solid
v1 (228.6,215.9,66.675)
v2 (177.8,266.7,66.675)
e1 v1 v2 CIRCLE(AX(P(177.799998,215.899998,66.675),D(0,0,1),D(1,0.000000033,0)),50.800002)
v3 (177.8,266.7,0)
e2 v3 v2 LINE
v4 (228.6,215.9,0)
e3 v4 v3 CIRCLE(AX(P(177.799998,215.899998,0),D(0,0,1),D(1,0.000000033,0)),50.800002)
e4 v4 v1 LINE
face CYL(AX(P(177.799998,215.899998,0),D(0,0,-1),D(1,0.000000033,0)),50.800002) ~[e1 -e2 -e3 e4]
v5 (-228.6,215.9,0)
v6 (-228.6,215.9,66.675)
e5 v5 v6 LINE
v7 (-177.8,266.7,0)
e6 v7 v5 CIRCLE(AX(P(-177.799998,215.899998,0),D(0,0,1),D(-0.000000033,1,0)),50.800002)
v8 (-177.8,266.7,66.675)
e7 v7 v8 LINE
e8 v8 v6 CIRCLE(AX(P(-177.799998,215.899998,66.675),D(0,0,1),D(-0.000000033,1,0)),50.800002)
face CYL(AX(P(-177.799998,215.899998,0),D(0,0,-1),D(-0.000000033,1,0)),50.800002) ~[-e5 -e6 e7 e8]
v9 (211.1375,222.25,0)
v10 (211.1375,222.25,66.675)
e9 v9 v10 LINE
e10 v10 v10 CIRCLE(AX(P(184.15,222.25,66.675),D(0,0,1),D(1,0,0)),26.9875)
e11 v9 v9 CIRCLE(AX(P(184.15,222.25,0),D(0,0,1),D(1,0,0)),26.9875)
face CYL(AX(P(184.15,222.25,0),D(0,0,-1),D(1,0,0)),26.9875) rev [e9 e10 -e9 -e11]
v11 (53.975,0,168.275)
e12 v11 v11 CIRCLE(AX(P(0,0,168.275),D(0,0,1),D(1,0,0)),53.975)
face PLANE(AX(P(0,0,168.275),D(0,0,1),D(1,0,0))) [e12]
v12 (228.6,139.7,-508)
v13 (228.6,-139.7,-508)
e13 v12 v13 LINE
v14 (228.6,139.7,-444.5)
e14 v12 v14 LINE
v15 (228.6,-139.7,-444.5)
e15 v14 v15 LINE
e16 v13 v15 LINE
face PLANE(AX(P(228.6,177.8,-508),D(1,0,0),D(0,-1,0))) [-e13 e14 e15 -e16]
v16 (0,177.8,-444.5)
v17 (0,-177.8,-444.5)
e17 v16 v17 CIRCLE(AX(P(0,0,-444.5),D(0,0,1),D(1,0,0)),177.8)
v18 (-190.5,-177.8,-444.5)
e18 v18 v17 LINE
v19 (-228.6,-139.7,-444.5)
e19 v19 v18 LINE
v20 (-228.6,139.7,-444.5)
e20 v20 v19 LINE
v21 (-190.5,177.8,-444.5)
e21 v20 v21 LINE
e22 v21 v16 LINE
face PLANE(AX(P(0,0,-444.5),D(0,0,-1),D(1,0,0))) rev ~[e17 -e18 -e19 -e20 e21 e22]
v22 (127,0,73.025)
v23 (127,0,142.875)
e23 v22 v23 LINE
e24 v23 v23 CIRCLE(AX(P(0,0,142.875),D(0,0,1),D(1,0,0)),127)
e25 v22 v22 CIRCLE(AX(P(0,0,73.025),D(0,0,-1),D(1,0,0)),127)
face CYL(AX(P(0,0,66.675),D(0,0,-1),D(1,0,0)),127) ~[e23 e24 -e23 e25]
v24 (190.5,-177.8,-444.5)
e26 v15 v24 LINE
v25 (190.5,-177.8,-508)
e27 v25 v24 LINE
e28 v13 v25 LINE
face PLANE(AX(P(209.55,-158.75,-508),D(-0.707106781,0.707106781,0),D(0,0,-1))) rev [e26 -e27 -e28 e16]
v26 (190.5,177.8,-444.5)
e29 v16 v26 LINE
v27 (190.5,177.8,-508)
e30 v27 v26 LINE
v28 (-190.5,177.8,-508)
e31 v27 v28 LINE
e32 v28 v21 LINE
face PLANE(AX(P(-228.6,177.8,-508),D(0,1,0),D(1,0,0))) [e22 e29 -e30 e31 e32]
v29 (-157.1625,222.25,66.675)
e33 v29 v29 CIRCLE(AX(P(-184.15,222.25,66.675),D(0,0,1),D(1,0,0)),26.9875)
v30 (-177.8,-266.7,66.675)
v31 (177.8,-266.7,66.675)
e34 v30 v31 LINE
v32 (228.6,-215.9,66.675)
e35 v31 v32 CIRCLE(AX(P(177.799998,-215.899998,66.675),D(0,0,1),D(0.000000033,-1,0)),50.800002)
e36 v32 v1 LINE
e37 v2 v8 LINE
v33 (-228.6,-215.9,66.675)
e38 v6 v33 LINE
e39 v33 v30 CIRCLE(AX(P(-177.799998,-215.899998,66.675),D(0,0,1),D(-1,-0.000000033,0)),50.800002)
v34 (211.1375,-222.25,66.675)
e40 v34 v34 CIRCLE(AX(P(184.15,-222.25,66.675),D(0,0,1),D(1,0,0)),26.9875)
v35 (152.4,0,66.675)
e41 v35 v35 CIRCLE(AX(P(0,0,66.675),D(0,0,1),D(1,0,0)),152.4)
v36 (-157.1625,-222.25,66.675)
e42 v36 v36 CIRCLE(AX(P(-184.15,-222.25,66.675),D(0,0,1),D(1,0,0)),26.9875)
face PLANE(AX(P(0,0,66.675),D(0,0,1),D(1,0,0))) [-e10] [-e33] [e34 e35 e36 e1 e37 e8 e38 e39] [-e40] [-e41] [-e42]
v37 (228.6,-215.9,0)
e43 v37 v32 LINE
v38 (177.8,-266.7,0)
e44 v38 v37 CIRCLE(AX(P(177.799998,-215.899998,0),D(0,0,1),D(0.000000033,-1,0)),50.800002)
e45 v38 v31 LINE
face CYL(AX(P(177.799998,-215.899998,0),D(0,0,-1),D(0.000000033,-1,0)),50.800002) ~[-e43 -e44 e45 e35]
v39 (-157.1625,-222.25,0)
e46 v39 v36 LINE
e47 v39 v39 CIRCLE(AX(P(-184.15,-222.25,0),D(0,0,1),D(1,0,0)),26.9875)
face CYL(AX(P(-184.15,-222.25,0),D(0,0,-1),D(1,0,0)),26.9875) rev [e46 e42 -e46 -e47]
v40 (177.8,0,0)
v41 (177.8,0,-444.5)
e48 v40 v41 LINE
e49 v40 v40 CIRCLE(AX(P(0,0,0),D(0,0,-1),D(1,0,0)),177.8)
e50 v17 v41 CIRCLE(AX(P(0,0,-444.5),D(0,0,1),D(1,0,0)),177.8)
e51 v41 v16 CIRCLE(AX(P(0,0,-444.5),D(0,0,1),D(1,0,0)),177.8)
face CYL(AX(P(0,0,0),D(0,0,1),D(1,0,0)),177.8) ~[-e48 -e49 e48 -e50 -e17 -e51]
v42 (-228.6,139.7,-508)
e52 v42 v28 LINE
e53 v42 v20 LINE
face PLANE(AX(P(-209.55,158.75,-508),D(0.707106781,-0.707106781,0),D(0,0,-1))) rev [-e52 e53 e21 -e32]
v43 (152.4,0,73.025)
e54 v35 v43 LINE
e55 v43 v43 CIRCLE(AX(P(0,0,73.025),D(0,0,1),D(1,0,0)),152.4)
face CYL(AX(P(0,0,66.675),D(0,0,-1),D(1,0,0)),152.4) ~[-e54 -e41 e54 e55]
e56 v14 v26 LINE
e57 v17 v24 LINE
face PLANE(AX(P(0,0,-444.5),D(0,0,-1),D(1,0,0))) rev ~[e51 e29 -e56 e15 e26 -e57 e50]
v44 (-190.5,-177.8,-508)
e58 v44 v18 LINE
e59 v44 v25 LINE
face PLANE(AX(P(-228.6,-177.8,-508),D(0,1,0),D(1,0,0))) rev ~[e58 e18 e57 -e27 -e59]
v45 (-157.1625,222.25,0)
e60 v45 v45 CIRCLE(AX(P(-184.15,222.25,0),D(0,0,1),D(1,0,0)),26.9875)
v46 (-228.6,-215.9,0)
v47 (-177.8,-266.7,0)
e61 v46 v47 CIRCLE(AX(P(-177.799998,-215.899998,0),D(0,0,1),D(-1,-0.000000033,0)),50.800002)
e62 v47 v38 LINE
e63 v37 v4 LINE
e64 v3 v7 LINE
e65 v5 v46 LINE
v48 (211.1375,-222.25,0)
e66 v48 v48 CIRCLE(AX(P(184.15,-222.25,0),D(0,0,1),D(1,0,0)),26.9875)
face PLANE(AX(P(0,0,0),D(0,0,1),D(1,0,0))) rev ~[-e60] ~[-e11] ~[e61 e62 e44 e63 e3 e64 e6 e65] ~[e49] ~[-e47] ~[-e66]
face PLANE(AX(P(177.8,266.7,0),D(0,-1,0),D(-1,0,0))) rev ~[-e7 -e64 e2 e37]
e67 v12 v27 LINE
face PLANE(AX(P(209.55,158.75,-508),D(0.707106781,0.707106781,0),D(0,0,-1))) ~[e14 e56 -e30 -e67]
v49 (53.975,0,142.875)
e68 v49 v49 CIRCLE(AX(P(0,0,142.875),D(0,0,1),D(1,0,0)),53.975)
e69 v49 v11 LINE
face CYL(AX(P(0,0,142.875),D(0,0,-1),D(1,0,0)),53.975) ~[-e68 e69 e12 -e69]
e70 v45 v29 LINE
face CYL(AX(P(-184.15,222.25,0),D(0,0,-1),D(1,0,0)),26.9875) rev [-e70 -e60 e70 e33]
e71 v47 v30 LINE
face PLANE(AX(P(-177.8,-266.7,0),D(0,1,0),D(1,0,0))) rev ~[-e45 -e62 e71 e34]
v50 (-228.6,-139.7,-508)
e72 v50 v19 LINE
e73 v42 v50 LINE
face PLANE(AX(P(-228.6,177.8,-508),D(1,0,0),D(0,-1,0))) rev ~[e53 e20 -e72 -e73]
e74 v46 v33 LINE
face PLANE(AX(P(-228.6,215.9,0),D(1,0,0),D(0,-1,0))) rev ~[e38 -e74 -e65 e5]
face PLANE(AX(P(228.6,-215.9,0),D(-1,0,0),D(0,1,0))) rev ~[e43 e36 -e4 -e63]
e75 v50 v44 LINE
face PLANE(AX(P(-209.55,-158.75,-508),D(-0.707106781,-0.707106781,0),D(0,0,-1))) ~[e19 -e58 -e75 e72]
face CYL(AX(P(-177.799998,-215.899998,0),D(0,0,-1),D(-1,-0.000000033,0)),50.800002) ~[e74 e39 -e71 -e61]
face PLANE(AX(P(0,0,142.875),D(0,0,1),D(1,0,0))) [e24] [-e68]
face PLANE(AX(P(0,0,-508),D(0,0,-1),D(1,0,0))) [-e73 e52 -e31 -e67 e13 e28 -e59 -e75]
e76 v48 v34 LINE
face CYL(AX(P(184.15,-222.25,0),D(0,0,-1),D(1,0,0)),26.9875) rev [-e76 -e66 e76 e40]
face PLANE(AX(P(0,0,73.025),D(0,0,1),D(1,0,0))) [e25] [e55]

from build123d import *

# Parameters (mm, degrees)
F0_R      = 26.9875
F1_DEPTH  = 66.675
F2_R      = 152.4
F3_DEPTH  = 6.35
F4_R      = 127
F5_DEPTH  = 76.2
F6_R      = 53.975
F7_DEPTH  = 25.4
F8_R      = 177.8
F9_DEPTH  = 508
F10_W     = 457.2
F10_H     = 355.6
F11_DEPTH = 63.5
F12_SIZE  = 38.1


with BuildPart() as f1:
    # F0 (on Top) → F1 (new body)
    with BuildSketch(Plane.XY):
        with BuildLine():
            Line((177.8, 266.7), (-177.8, 266.7))
            ThreePointArc((-177.8, 266.7), (-213.721024, 251.821024), (-228.6, 215.9))
            Line((-228.6, 215.9), (-228.6, -215.9))
            ThreePointArc((-228.6, -215.9), (-213.721024, -251.821024), (-177.8, -266.7))
            Line((-177.8, -266.7), (177.8, -266.7))
            ThreePointArc((177.8, -266.7), (213.721024, -251.821024), (228.6, -215.9))
            Line((228.6, -215.9), (228.6, 215.9))
            ThreePointArc((228.6, 215.9), (213.721024, 251.821024), (177.8, 266.7))
        make_face()
        with Locations((-184.15, -222.25)):
            Circle(F0_R, mode=Mode.SUBTRACT)
        with Locations((184.15, -222.25)):
            Circle(F0_R, mode=Mode.SUBTRACT)
        with Locations((-184.15, 222.25)):
            Circle(F0_R, mode=Mode.SUBTRACT)
        with Locations((184.15, 222.25)):
            Circle(F0_R, mode=Mode.SUBTRACT)
    extrude(amount=F1_DEPTH)

    # F2 (on face) → F3 (join)
    with BuildSketch(Plane.XY.offset(66.675)):
        Circle(F2_R)
    extrude(amount=F3_DEPTH)

    # F4 (on face) → F5 (join)
    with BuildSketch(Plane.XY.offset(66.675)):
        Circle(F4_R)
    extrude(amount=F5_DEPTH)

    # F6 (on face) → F7 (join)
    with BuildSketch(Plane.XY.offset(142.875)):
        Circle(F6_R)
    extrude(amount=F7_DEPTH)

    # F8 (on face) → F9 (join)
    with BuildSketch(Plane(origin=(0, 0, 0), x_dir=(1, 0, 0), z_dir=(0, 0, -1))):
        Circle(F8_R)
    extrude(amount=F9_DEPTH)

    # F10 (on face) → F11 (join)
    with BuildSketch(Plane(origin=(0, 0, -508), x_dir=(1, 0, 0), z_dir=(0, 0, -1))):
        Rectangle(F10_W, F10_H)
    extrude(amount=-F11_DEPTH)

    # F12
    f12_edges = [f1.edges().sort_by_distance(p)[0] for p in [
        (228.6, -177.8, -476.25),
        (-228.6, -177.8, -476.25),
        (228.6, 177.8, -476.25),
        (-228.6, 177.8, -476.25),
    ]]
    chamfer(f12_edges, length=F12_SIZE)


solid = f1.part
